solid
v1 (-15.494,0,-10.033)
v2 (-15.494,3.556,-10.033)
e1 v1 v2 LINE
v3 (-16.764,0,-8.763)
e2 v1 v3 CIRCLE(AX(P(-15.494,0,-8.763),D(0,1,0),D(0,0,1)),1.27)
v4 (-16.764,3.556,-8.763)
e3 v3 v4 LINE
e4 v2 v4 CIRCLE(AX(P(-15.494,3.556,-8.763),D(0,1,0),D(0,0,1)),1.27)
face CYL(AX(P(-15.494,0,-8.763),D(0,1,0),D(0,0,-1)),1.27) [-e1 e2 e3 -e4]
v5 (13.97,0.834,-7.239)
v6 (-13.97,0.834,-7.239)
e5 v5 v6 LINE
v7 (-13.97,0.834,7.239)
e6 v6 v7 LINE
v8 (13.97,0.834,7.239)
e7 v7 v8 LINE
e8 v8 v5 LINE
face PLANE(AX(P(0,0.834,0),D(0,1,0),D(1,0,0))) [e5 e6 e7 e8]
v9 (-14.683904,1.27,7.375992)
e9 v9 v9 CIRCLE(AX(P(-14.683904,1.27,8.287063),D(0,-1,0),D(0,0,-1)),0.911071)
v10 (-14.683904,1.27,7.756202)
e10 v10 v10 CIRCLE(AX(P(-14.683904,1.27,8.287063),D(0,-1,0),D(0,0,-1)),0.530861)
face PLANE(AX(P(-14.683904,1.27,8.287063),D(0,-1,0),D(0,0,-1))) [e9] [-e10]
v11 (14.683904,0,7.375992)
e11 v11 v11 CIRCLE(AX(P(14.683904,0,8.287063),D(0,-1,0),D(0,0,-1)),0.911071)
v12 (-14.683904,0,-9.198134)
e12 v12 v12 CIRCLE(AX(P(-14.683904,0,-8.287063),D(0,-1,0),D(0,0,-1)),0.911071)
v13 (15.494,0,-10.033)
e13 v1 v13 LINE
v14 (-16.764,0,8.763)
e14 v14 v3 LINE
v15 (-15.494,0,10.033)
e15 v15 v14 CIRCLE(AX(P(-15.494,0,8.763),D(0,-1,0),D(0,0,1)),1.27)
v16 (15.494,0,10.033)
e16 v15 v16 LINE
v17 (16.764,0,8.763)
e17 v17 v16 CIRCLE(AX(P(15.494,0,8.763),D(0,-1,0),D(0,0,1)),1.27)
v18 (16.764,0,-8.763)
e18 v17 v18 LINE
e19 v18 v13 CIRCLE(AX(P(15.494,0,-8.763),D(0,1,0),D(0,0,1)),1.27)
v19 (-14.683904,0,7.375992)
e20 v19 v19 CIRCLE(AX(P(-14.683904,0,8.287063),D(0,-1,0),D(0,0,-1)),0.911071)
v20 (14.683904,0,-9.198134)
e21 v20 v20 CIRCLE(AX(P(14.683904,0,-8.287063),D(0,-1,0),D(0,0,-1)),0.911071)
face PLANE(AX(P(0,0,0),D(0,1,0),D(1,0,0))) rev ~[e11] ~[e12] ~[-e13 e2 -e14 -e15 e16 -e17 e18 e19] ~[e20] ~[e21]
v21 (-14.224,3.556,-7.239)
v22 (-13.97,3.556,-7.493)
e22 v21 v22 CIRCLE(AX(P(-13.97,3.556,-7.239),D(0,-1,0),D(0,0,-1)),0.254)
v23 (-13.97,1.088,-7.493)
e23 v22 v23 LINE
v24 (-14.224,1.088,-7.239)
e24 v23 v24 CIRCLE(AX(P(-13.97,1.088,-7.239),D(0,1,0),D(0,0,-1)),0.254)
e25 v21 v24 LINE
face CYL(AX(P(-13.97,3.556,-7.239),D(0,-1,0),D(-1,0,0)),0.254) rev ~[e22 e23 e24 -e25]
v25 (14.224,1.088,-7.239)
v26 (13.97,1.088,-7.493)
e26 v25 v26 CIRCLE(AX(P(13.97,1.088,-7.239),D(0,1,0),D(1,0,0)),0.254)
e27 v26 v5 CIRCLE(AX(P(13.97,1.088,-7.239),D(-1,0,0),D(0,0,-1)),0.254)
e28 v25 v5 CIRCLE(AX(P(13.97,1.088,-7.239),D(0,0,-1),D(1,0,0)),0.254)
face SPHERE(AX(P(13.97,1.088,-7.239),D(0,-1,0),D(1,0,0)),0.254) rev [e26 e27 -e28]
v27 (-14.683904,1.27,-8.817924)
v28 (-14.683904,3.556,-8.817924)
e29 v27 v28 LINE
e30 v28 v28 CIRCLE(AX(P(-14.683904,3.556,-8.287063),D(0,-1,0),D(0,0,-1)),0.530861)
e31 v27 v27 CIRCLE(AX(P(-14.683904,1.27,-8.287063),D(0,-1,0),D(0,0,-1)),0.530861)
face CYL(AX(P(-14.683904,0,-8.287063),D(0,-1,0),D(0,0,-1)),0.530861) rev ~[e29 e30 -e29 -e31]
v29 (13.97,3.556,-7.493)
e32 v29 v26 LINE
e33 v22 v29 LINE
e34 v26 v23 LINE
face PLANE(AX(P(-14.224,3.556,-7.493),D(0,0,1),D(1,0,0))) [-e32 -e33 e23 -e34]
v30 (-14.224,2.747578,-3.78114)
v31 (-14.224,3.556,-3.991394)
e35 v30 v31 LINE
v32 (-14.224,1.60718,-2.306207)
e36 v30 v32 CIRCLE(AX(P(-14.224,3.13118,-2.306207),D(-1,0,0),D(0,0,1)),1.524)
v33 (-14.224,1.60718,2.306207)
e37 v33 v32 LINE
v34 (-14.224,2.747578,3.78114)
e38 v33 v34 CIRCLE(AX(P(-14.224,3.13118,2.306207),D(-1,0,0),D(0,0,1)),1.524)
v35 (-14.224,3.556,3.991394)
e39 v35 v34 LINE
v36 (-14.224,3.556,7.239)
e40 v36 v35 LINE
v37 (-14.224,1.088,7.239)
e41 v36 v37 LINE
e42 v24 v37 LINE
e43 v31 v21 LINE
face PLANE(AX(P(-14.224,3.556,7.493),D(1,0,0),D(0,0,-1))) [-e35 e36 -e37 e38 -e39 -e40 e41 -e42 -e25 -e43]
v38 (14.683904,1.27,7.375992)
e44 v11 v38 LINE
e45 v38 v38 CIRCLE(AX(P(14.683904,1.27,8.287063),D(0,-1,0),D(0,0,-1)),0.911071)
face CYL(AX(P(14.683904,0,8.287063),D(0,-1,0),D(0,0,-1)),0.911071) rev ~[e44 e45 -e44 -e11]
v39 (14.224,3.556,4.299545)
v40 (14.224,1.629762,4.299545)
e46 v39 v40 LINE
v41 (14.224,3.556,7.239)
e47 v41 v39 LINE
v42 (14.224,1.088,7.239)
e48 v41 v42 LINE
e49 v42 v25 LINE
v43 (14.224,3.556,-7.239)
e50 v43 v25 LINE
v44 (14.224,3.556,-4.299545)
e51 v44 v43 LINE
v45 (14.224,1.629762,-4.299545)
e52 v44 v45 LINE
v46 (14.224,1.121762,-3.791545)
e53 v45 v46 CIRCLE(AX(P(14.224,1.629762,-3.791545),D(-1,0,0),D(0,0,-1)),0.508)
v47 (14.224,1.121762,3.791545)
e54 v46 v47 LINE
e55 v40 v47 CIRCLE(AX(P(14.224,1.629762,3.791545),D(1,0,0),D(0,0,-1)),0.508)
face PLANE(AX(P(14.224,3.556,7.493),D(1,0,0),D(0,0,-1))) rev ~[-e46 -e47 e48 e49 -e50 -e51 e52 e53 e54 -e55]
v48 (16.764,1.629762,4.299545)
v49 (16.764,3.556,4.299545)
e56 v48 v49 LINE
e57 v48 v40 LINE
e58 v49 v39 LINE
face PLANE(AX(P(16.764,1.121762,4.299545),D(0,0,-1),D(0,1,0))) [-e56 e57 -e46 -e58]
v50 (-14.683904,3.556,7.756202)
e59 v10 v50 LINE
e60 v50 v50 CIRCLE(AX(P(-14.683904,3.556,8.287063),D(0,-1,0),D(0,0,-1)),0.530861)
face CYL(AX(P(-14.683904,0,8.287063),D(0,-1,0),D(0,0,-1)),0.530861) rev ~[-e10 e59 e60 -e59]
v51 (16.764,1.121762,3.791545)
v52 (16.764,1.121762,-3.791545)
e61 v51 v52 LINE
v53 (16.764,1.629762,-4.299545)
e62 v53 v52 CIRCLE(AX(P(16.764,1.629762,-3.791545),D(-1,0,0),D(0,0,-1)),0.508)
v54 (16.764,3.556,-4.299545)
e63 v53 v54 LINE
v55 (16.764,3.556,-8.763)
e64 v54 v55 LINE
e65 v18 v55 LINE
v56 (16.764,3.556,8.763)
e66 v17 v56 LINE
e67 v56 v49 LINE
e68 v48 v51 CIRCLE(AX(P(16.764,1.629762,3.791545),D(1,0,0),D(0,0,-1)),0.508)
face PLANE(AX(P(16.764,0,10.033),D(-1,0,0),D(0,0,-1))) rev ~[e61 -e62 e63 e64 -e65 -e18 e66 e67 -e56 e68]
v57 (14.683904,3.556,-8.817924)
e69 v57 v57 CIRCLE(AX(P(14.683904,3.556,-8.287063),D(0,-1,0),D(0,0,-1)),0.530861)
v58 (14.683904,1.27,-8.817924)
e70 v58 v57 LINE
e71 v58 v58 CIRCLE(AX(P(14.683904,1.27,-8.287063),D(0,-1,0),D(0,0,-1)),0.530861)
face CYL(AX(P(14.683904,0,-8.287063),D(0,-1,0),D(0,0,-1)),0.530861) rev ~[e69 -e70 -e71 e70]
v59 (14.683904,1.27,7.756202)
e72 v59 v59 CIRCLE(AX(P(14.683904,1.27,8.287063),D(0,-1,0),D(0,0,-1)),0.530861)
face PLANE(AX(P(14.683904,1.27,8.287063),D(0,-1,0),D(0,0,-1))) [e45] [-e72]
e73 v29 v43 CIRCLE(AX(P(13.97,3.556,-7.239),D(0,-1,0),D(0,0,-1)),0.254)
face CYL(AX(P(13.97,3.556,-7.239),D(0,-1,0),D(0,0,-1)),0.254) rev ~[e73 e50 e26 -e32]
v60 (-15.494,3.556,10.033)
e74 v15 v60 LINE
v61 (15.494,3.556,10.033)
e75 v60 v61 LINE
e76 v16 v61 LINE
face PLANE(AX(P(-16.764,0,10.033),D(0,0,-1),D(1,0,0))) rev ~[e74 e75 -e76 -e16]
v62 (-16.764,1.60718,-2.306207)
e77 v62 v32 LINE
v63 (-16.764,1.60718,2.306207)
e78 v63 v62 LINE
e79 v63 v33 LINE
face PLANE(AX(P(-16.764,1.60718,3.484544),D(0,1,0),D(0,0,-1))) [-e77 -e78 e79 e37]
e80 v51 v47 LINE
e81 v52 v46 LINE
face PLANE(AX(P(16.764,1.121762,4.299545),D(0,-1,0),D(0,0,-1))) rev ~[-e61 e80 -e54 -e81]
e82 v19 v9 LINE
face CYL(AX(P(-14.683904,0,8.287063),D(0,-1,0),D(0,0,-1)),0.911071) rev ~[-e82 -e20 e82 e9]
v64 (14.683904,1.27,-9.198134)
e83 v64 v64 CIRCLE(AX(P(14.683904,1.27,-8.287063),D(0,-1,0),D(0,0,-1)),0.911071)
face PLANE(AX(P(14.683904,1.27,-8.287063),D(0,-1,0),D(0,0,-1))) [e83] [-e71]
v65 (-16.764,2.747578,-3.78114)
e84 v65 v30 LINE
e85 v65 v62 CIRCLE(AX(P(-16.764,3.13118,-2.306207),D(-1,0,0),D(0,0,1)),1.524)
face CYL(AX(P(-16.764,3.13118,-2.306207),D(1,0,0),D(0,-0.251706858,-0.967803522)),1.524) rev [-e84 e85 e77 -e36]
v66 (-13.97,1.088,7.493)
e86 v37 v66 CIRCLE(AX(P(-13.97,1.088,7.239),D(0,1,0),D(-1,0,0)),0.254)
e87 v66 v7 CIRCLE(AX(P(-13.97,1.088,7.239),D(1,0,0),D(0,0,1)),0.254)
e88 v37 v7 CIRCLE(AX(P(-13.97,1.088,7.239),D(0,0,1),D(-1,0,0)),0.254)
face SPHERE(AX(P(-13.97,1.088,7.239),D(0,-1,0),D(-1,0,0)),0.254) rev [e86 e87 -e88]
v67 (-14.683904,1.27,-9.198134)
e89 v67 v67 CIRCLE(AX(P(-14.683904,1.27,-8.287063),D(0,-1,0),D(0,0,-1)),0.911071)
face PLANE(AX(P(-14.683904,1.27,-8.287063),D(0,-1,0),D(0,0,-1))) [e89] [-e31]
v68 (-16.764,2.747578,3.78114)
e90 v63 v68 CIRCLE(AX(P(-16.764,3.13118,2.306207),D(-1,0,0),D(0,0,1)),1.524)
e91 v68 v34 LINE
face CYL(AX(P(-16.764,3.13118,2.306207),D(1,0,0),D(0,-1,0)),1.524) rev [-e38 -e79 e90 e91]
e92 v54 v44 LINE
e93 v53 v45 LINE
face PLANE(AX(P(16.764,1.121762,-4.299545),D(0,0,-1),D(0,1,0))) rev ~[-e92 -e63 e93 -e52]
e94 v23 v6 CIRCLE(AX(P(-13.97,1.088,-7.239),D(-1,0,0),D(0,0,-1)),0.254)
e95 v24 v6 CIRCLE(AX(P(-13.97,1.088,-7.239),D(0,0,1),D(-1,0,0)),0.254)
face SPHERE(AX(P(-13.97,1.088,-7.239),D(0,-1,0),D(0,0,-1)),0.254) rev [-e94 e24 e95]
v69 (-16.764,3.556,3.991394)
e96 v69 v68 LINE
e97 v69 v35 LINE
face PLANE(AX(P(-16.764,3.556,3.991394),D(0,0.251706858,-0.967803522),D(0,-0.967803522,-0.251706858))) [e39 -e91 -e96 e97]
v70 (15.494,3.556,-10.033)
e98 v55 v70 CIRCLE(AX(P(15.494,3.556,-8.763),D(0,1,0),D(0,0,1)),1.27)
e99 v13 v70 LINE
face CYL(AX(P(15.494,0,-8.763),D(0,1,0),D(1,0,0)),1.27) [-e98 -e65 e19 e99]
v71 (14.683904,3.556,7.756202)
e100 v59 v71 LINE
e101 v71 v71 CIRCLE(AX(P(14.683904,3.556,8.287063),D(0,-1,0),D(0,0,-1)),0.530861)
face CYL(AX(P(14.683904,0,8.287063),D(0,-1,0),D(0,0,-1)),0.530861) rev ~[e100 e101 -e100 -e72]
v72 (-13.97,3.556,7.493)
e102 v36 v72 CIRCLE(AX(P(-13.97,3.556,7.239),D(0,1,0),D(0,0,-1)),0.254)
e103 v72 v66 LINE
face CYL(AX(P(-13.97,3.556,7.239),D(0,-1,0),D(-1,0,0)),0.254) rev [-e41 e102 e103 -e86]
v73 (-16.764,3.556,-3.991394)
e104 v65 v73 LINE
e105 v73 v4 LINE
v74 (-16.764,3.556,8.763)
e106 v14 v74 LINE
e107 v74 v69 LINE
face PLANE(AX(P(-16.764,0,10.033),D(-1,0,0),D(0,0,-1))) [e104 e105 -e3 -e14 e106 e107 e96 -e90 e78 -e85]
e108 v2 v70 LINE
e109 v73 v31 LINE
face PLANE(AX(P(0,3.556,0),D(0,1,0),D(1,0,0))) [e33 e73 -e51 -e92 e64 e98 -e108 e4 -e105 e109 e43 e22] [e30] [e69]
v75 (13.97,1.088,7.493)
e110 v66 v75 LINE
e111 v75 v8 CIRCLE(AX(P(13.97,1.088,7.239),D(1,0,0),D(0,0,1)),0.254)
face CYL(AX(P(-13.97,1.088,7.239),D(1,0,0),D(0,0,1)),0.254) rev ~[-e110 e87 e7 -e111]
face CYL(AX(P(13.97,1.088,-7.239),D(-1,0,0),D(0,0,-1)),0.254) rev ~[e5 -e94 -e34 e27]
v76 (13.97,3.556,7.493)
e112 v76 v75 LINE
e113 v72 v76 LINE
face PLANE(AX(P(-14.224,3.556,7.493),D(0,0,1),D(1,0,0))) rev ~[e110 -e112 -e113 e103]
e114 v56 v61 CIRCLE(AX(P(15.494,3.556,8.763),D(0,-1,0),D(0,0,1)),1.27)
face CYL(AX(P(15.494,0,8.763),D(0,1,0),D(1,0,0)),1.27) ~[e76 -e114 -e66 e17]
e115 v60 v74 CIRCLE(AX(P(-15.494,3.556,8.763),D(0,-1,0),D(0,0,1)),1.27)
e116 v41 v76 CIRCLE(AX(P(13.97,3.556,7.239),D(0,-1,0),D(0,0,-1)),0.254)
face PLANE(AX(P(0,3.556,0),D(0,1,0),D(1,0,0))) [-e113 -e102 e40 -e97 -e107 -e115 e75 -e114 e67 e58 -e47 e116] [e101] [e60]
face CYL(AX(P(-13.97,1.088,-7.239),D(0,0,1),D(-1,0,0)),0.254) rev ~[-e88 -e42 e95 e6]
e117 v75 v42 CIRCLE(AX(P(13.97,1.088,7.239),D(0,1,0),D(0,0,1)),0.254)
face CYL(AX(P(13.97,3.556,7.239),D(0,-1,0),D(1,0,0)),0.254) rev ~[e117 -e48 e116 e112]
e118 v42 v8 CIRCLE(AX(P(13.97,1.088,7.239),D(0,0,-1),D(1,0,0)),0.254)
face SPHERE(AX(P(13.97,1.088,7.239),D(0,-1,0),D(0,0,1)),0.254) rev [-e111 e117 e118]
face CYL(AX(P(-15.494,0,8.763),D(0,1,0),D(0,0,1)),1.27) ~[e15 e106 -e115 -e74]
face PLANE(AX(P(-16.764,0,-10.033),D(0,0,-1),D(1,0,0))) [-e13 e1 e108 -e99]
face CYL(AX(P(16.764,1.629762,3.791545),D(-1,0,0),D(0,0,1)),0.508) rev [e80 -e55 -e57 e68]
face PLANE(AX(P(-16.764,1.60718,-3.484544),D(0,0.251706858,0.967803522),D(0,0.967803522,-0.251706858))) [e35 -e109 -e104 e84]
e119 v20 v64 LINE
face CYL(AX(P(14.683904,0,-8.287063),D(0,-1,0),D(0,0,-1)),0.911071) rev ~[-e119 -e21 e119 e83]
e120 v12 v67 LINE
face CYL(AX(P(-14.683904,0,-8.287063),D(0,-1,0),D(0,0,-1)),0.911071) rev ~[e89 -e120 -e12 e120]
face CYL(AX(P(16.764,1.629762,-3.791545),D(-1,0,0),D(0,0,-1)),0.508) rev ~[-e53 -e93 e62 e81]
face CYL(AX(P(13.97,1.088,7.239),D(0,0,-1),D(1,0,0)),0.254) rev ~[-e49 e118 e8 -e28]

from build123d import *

# Parameters (mm, degrees)
SKETCH1_W           = 33.528
SKETCH1_H           = 20.066
BOSS_EXTRUDE1_DEPTH = 3.556
SKETCH2_W           = 28.448
SKETCH2_H           = 14.986
CUT_EXTRUDE1_DEPTH  = 2.72199989
CUT_EXTRUDE2_REACH  = 37.177
SKETCH3_W           = 8.599089176
SKETCH3_H           = 2.434237831
CUT_EXTRUDE3_REACH  = 37.177
FILLET1_R           = 1.524
FILLET2_R           = 0.508
FILLET3_R           = 1.27
SKETCH7_R           = 0.911071032
CUT_EXTRUDE4_DEPTH  = 1.27
SKETCH9_R           = 0.530860858
CUT_EXTRUDE5_DEPTH  = 20.857943524
FILLET4_R           = 0.254
FILLET5_R           = 0.254


with BuildPart() as part:
    # Sketch1 → Boss-Extrude1 (new body)
    with BuildSketch(Plane(origin=(0, 0, 0), x_dir=(1, 0, 0), z_dir=(0, 1, 0))):
        Rectangle(SKETCH1_W, SKETCH1_H)
    extrude(amount=BOSS_EXTRUDE1_DEPTH)

    # Sketch2 → Cut-Extrude1 (cut)
    with BuildSketch(Plane(origin=(0, 3.556, 0), x_dir=(1, 0, 0), z_dir=(0, 1, 0))):
        Rectangle(SKETCH2_W, SKETCH2_H)
    extrude(amount=-CUT_EXTRUDE1_DEPTH, mode=Mode.SUBTRACT)

    # Sketch3 → Cut-Extrude2 (cut, up to next)
    with BuildSketch(Plane(origin=(16.764, 0, 0), x_dir=(0, 0, -1), z_dir=(1, 0, 0)), mode=Mode.PRIVATE) as cut_extrude2_sk1:
        with Locations((0, 2.338881085)):
            Rectangle(SKETCH3_W, SKETCH3_H)
    cut_extrude2_tool1 = extrude(cut_extrude2_sk1.sketch, amount=-CUT_EXTRUDE2_REACH, mode=Mode.PRIVATE) & part.part
    add(cut_extrude2_tool1.solids().sort_by_distance((16.764, 2.338881, 0))[0], mode=Mode.SUBTRACT)

    # Sketch5 → Cut-Extrude3 (cut, up to next)
    with BuildSketch(Plane.ZY.offset(16.764), mode=Mode.PRIVATE) as cut_extrude3_sk1:
        Polygon((-3.991394218, 3.556), (3.991394218, 3.556), (3.484543993, 1.607179709), (-3.484543993, 1.607179709), align=None)
    cut_extrude3_tool1 = extrude(cut_extrude3_sk1.sketch, amount=-CUT_EXTRUDE3_REACH, mode=Mode.PRIVATE) & part.part
    add(cut_extrude3_tool1.solids().sort_by_distance((-16.764, 2.603611, 0))[0], mode=Mode.SUBTRACT)

    # Fillet1
    fillet1_edges = [part.edges().sort_by_distance(p)[0] for p in [
        (-15.494, 1.607179709, -3.484543993),
        (-15.494, 1.607179709, 3.484543993),
    ]]
    fillet(fillet1_edges, radius=FILLET1_R)

    # Fillet2
    fillet2_edges = [part.edges().sort_by_distance(p)[0] for p in [
        (15.494, 1.121762169, 4.299544588),
        (15.494, 1.121762169, -4.299544588),
    ]]
    fillet(fillet2_edges, radius=FILLET2_R)

    # Fillet3
    fillet3_edges = [part.edges().sort_by_distance(p)[0] for p in [
        (16.764, 1.778, 10.033),
        (-16.764, 1.778, 10.033),
        (-16.764, 1.778, -10.033),
        (16.764, 1.778, -10.033),
    ]]
    fillet(fillet3_edges, radius=FILLET3_R)

    # Sketch7 → Cut-Extrude4 (cut)
    with BuildSketch(Plane.XZ):
        with Locations(Location((-14.683903523, 8.287062989, 0), (0, 0, 270))):
            Circle(SKETCH7_R)
        with Locations(Location((14.683903523, 8.287062989, 0), (0, 0, 270))):
            Circle(SKETCH7_R)
        with Locations(Location((14.683903523, -8.287062989, 0), (0, 0, 270))):
            Circle(SKETCH7_R)
        with Locations(Location((-14.683903523, -8.287062989, 0), (0, 0, 270))):
            Circle(SKETCH7_R)
    extrude(amount=-CUT_EXTRUDE4_DEPTH, mode=Mode.SUBTRACT)

    # Sketch9 → Cut-Extrude5 (cut, through all)
    with BuildSketch(Plane.XZ):
        with Locations(Location((-14.683903523, 8.287062989, 0), (0, 0, 270))):
            Circle(SKETCH9_R)
        with Locations(Location((14.683903523, 8.287062989, 0), (0, 0, 270))):
            Circle(SKETCH9_R)
        with Locations(Location((14.683903523, -8.287062989, 0), (0, 0, 270))):
            Circle(SKETCH9_R)
        with Locations(Location((-14.683903523, -8.287062989, 0), (0, 0, 270))):
            Circle(SKETCH9_R)
    extrude(amount=-CUT_EXTRUDE5_DEPTH, mode=Mode.SUBTRACT)

    # Fillet4
    fillet4_edges = [part.edges().sort_by_distance(p)[0] for p in [
        (14.224, 2.195000055, -7.493),
        (14.224, 2.195000055, 7.493),
        (-14.224, 2.195000055, 7.493),
        (-14.224, 2.195000055, -7.493),
    ]]
    fillet(fillet4_edges, radius=FILLET4_R)

    # Fillet5
    fillet5_edges = [part.edges().sort_by_distance(p)[0] for p in [
        (14.224, 0.83400011, 0),
        (0, 0.83400011, 7.493),
        (0, 0.83400011, -7.493),
        (-14.224, 0.83400011, 0),
        (-14.149605122, 0.83400011, -7.418605122),
        (14.149605122, 0.83400011, -7.418605122),
        (-14.149605122, 0.83400011, 7.418605122),
        (14.149605122, 0.83400011, 7.418605122),
    ]]
    fillet(fillet5_edges, radius=FILLET5_R)


solid = part.part
